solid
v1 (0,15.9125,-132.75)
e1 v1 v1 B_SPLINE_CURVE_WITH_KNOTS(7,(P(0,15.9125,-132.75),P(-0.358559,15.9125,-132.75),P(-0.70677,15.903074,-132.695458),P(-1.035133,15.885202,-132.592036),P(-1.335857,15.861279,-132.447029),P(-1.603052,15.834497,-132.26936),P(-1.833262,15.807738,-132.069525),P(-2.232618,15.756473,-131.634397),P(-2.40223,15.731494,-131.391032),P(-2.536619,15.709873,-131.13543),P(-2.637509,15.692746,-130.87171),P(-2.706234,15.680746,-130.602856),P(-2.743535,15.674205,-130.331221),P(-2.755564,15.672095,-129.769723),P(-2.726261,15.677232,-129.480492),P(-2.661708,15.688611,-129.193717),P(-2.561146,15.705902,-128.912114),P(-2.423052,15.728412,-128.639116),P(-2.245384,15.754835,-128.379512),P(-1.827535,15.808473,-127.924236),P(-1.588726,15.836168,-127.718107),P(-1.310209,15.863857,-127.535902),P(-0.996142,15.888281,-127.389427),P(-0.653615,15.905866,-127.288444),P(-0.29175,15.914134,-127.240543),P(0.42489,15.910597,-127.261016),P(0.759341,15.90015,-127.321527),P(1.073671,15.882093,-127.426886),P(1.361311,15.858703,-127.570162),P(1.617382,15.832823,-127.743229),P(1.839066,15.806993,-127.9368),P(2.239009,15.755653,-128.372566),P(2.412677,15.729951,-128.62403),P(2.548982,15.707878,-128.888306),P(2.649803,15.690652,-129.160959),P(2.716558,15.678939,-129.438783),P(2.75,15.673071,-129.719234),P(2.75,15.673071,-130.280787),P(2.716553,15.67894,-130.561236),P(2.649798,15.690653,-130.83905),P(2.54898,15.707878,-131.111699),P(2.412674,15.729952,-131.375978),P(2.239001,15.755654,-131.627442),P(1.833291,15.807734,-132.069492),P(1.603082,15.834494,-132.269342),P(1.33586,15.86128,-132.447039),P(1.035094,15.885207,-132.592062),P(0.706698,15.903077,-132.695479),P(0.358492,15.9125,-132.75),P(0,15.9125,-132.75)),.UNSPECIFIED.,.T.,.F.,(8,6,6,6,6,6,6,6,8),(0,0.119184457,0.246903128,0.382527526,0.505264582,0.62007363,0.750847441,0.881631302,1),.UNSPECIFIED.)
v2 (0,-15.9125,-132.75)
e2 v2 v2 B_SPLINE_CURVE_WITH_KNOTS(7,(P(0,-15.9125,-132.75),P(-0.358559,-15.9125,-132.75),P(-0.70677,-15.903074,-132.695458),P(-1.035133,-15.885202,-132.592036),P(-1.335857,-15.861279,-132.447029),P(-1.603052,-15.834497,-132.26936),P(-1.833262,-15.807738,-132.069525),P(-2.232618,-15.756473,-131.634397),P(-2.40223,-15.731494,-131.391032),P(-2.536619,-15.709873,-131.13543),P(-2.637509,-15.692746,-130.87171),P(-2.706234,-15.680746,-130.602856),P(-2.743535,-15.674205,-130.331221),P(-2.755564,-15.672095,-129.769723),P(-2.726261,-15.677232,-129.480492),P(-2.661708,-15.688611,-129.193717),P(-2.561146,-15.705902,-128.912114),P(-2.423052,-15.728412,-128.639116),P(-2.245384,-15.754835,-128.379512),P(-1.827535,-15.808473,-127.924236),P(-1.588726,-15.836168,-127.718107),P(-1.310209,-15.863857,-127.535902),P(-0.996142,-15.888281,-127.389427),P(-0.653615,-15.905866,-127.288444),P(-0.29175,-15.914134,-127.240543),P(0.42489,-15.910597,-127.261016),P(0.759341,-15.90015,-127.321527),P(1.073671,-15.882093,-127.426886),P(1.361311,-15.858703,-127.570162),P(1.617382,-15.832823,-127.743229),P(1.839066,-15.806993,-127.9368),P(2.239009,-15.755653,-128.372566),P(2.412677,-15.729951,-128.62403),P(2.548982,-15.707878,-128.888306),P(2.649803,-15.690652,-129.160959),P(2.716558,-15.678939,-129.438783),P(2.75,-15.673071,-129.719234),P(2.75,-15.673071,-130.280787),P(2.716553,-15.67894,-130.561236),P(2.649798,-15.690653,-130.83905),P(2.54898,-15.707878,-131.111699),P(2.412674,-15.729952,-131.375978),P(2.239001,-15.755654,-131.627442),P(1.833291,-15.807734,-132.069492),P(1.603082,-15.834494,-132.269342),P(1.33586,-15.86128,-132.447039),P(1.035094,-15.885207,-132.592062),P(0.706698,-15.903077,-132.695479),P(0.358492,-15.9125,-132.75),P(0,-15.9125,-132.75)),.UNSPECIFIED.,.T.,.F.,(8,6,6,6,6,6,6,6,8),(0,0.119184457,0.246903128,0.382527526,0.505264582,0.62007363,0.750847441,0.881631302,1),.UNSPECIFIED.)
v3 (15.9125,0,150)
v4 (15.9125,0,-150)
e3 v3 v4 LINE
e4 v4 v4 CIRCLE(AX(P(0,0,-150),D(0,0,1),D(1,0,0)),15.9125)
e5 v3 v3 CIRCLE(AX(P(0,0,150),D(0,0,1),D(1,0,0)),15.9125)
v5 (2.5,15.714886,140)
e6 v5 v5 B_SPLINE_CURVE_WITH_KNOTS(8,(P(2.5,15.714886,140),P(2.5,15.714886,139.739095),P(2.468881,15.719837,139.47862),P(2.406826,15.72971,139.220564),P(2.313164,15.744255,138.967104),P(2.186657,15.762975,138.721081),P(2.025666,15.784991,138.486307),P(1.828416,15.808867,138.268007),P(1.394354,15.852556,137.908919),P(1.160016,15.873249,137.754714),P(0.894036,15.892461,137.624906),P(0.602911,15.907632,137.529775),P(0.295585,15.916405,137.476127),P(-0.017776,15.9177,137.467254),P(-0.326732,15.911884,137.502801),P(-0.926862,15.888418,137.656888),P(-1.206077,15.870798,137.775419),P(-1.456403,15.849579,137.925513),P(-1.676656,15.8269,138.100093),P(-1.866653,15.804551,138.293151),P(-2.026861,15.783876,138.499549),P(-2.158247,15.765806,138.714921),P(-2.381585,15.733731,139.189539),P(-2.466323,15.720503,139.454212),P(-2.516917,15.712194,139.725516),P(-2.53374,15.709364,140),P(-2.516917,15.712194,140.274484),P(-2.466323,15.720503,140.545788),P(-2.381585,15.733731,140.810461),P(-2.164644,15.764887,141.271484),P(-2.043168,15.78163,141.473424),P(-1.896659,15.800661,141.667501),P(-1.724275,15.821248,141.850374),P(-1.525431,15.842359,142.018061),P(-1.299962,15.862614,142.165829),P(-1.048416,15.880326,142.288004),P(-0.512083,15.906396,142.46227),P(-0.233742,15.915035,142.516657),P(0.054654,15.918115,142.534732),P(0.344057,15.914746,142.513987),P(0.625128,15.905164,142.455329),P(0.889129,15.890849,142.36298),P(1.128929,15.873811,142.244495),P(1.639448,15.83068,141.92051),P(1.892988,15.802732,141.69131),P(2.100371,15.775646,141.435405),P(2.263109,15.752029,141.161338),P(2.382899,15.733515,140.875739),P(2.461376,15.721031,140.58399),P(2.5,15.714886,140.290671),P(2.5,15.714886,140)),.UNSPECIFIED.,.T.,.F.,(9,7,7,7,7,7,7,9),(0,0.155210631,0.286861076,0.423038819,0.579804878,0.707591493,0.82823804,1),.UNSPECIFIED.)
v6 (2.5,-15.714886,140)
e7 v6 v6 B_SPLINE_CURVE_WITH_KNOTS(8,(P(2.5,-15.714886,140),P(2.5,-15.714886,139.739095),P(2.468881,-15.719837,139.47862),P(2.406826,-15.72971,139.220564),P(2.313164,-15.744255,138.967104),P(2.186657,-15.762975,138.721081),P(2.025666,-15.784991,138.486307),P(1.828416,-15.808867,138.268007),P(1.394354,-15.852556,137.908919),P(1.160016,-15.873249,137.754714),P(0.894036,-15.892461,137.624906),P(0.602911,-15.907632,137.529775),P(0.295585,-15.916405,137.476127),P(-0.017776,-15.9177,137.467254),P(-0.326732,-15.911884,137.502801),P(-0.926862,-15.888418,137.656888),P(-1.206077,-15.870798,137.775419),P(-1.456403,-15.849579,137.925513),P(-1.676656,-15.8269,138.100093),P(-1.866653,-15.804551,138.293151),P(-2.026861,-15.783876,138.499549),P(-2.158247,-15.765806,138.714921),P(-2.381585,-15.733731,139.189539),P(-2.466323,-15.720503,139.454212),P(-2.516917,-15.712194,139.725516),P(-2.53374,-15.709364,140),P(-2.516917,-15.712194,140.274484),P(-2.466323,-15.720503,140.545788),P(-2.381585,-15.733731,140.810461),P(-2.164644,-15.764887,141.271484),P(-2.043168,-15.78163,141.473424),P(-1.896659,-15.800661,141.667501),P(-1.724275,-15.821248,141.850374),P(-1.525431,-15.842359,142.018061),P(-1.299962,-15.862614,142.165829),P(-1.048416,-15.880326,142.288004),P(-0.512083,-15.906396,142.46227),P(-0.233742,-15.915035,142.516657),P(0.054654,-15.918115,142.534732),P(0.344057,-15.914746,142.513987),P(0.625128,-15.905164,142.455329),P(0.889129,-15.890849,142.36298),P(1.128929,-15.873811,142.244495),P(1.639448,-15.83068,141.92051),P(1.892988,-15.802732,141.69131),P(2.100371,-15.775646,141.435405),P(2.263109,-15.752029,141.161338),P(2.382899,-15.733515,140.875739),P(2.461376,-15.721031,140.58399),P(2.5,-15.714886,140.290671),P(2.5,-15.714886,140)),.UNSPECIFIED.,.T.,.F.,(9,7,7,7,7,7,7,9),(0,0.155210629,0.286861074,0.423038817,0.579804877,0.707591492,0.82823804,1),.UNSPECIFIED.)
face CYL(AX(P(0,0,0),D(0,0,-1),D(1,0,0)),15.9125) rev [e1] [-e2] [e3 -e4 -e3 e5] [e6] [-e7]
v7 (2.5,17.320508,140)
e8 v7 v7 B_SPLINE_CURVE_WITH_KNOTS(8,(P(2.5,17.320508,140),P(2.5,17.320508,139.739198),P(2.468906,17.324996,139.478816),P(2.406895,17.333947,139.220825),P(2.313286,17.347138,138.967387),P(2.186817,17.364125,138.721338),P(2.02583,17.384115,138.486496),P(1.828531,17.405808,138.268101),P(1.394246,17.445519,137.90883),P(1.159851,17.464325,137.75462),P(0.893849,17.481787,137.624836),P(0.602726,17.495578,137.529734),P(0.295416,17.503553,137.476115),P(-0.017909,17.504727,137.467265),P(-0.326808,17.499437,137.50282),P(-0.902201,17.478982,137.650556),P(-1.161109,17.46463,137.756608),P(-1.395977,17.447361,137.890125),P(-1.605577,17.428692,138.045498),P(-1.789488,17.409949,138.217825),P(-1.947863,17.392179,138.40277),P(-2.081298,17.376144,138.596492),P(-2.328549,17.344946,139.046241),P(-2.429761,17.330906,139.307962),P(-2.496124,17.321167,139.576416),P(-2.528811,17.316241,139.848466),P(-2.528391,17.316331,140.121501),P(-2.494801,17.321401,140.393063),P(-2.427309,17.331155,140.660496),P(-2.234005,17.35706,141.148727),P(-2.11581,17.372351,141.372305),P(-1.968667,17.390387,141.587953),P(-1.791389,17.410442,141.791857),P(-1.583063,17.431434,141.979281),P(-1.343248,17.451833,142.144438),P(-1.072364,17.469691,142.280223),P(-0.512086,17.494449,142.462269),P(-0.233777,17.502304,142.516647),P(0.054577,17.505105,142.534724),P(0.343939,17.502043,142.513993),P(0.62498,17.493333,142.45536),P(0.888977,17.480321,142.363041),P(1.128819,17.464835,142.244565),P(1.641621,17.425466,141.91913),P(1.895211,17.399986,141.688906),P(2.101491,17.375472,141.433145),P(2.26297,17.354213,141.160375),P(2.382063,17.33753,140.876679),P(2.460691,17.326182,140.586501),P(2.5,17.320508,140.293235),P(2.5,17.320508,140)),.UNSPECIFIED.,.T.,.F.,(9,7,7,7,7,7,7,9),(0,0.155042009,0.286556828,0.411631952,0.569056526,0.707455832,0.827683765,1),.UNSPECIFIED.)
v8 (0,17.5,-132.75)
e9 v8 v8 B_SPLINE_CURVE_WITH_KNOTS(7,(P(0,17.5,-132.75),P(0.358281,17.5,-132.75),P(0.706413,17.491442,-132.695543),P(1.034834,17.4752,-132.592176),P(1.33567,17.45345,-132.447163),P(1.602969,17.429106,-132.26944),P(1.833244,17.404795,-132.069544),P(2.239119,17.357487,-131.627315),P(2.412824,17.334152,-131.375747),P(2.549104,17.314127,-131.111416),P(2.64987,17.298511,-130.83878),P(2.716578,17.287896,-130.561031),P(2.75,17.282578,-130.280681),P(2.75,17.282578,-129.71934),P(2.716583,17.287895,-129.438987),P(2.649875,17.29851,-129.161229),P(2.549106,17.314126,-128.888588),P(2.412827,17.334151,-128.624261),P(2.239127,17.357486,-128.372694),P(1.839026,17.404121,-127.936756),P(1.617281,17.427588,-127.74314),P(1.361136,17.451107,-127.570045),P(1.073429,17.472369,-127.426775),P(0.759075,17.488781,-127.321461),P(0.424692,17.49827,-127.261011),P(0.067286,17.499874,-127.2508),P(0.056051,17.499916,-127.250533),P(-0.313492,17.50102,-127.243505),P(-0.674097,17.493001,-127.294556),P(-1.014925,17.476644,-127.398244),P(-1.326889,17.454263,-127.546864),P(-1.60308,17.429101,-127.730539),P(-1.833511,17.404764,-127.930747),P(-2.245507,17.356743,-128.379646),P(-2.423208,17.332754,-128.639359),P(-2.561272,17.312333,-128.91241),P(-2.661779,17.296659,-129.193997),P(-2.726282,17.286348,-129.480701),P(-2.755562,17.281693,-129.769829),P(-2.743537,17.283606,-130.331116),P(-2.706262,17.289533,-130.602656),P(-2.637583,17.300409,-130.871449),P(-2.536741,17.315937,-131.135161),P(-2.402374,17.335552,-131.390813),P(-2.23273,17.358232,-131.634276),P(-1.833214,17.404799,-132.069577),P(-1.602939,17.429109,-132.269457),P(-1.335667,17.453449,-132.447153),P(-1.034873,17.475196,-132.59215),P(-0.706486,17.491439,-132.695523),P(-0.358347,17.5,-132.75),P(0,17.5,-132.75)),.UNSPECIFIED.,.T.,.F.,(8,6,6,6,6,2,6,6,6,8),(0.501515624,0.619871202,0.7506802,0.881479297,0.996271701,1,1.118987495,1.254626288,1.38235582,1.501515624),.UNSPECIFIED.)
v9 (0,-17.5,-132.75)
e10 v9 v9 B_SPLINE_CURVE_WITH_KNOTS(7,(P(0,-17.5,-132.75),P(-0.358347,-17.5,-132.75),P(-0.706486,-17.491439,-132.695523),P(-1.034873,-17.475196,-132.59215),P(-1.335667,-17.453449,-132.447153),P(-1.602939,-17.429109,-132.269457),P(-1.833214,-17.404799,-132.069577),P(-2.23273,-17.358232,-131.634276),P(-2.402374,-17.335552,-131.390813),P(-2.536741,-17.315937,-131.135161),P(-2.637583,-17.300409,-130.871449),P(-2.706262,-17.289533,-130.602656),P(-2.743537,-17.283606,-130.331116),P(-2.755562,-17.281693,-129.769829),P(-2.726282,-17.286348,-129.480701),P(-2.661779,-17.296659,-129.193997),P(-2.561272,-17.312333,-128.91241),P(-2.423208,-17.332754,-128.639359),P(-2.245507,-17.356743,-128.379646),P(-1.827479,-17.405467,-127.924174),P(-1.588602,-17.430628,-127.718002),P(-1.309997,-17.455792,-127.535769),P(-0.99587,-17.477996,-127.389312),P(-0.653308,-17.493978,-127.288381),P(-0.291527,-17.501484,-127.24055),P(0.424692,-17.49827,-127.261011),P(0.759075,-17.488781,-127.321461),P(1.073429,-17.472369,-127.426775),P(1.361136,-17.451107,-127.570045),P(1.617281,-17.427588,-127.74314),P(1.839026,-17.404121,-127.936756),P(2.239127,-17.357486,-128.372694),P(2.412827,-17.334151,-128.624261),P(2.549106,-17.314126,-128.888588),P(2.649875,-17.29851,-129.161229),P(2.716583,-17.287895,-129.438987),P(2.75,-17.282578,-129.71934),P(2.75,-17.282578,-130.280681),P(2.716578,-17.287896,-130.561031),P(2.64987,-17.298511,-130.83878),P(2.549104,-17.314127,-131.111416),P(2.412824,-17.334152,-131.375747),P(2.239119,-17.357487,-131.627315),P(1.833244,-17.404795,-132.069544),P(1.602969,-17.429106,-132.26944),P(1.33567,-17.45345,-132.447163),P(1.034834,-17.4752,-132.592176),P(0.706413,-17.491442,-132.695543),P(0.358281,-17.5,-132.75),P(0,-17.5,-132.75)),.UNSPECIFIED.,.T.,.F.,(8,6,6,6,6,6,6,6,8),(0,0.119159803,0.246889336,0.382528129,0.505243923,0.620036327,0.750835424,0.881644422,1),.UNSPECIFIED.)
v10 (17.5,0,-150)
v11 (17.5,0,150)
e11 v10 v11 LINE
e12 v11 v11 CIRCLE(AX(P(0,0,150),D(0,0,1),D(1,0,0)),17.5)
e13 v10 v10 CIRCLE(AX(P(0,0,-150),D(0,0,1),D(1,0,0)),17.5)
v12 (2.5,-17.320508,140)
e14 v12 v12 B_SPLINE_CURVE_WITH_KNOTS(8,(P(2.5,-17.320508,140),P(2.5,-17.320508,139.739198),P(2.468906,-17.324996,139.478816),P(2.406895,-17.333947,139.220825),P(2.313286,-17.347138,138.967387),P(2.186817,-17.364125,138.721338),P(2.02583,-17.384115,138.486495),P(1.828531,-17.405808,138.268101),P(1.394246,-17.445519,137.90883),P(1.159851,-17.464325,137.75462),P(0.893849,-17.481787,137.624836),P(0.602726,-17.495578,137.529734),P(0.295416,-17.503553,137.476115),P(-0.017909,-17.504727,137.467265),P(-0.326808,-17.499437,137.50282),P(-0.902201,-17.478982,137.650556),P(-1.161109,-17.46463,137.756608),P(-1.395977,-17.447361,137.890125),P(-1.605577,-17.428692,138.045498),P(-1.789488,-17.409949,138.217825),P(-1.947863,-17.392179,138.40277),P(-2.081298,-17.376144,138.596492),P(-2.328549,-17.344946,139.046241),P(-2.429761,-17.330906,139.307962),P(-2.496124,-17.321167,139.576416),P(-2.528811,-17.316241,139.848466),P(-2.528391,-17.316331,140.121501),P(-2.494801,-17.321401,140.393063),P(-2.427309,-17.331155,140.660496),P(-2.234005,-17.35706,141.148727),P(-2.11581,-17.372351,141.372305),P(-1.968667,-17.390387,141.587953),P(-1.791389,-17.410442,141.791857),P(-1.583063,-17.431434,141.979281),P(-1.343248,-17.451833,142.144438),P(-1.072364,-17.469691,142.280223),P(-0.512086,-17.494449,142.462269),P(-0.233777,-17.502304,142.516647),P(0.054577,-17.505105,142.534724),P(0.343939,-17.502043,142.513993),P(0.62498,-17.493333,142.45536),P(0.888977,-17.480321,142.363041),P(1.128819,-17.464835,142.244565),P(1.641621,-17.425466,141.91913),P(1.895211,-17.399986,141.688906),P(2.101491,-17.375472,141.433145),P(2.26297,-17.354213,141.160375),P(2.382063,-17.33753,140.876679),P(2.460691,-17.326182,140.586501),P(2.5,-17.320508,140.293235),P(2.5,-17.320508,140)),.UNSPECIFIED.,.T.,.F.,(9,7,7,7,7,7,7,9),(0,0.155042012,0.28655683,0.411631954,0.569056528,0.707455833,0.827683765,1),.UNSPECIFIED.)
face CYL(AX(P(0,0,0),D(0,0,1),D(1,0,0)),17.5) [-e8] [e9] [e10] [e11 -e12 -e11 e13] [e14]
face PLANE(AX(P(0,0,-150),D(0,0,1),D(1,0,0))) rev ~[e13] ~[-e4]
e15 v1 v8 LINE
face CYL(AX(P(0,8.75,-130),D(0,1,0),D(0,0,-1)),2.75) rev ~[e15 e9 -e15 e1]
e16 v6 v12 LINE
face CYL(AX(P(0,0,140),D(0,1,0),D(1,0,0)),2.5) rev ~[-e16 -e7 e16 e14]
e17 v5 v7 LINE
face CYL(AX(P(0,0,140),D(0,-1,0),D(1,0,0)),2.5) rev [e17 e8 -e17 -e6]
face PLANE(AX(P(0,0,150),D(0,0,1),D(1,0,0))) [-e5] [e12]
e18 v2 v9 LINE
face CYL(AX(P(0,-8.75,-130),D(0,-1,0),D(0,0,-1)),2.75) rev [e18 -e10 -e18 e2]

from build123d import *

# Parameters (mm, degrees)
SKETCH1_R               = 17.5
SKETCH1_R_2             = 15.9125
BOSS_EXTRUDE1_DEPTH     = 150
SKETCH5_W               = 2.75
SKETCH5_H               = 17.5
SKETCH6_R               = 2.5
CUT_EXTRUDE1_DEPTH      = 18.5000001
CUT_EXTRUDE1_DEPTH_BACK = 18.5000001


with BuildPart() as part:
    # Sketch1 → Boss-Extrude1 (new body, symmetric)
    with BuildSketch(Plane.XY):
        Circle(SKETCH1_R)
        Circle(SKETCH1_R_2, mode=Mode.SUBTRACT)
    extrude(amount=BOSS_EXTRUDE1_DEPTH, both=True)

    # Sketch5 → M5 Clearance Hole1 (revolve, cut)
    with BuildSketch(Plane(origin=(0, 0, -130), x_dir=(0, 0, -1), z_dir=(1, 0, 0))):
        with Locations((1.375, 8.75)):
            Rectangle(SKETCH5_W, SKETCH5_H)
    m5_clearance_hole1 = revolve(axis=Axis((0, -6.35, -130), (0, 1, 0)), mode=Mode.SUBTRACT)

    # Mirror1: M5 Clearance Hole1 across plane
    add(m5_clearance_hole1.mirror(Plane.ZX), mode=Mode.SUBTRACT)

    # Sketch6 → Cut-Extrude1 (cut, two sides)
    with BuildSketch(Plane(origin=(0, 0, 0), x_dir=(1, 0, 0), z_dir=(0, 1, 0))) as cut_extrude1_sk:
        with Locations((0, -140)):
            Circle(SKETCH6_R)
    extrude(amount=CUT_EXTRUDE1_DEPTH, mode=Mode.SUBTRACT)
    extrude(cut_extrude1_sk.sketch, amount=-CUT_EXTRUDE1_DEPTH_BACK, mode=Mode.SUBTRACT)


solid = part.part
